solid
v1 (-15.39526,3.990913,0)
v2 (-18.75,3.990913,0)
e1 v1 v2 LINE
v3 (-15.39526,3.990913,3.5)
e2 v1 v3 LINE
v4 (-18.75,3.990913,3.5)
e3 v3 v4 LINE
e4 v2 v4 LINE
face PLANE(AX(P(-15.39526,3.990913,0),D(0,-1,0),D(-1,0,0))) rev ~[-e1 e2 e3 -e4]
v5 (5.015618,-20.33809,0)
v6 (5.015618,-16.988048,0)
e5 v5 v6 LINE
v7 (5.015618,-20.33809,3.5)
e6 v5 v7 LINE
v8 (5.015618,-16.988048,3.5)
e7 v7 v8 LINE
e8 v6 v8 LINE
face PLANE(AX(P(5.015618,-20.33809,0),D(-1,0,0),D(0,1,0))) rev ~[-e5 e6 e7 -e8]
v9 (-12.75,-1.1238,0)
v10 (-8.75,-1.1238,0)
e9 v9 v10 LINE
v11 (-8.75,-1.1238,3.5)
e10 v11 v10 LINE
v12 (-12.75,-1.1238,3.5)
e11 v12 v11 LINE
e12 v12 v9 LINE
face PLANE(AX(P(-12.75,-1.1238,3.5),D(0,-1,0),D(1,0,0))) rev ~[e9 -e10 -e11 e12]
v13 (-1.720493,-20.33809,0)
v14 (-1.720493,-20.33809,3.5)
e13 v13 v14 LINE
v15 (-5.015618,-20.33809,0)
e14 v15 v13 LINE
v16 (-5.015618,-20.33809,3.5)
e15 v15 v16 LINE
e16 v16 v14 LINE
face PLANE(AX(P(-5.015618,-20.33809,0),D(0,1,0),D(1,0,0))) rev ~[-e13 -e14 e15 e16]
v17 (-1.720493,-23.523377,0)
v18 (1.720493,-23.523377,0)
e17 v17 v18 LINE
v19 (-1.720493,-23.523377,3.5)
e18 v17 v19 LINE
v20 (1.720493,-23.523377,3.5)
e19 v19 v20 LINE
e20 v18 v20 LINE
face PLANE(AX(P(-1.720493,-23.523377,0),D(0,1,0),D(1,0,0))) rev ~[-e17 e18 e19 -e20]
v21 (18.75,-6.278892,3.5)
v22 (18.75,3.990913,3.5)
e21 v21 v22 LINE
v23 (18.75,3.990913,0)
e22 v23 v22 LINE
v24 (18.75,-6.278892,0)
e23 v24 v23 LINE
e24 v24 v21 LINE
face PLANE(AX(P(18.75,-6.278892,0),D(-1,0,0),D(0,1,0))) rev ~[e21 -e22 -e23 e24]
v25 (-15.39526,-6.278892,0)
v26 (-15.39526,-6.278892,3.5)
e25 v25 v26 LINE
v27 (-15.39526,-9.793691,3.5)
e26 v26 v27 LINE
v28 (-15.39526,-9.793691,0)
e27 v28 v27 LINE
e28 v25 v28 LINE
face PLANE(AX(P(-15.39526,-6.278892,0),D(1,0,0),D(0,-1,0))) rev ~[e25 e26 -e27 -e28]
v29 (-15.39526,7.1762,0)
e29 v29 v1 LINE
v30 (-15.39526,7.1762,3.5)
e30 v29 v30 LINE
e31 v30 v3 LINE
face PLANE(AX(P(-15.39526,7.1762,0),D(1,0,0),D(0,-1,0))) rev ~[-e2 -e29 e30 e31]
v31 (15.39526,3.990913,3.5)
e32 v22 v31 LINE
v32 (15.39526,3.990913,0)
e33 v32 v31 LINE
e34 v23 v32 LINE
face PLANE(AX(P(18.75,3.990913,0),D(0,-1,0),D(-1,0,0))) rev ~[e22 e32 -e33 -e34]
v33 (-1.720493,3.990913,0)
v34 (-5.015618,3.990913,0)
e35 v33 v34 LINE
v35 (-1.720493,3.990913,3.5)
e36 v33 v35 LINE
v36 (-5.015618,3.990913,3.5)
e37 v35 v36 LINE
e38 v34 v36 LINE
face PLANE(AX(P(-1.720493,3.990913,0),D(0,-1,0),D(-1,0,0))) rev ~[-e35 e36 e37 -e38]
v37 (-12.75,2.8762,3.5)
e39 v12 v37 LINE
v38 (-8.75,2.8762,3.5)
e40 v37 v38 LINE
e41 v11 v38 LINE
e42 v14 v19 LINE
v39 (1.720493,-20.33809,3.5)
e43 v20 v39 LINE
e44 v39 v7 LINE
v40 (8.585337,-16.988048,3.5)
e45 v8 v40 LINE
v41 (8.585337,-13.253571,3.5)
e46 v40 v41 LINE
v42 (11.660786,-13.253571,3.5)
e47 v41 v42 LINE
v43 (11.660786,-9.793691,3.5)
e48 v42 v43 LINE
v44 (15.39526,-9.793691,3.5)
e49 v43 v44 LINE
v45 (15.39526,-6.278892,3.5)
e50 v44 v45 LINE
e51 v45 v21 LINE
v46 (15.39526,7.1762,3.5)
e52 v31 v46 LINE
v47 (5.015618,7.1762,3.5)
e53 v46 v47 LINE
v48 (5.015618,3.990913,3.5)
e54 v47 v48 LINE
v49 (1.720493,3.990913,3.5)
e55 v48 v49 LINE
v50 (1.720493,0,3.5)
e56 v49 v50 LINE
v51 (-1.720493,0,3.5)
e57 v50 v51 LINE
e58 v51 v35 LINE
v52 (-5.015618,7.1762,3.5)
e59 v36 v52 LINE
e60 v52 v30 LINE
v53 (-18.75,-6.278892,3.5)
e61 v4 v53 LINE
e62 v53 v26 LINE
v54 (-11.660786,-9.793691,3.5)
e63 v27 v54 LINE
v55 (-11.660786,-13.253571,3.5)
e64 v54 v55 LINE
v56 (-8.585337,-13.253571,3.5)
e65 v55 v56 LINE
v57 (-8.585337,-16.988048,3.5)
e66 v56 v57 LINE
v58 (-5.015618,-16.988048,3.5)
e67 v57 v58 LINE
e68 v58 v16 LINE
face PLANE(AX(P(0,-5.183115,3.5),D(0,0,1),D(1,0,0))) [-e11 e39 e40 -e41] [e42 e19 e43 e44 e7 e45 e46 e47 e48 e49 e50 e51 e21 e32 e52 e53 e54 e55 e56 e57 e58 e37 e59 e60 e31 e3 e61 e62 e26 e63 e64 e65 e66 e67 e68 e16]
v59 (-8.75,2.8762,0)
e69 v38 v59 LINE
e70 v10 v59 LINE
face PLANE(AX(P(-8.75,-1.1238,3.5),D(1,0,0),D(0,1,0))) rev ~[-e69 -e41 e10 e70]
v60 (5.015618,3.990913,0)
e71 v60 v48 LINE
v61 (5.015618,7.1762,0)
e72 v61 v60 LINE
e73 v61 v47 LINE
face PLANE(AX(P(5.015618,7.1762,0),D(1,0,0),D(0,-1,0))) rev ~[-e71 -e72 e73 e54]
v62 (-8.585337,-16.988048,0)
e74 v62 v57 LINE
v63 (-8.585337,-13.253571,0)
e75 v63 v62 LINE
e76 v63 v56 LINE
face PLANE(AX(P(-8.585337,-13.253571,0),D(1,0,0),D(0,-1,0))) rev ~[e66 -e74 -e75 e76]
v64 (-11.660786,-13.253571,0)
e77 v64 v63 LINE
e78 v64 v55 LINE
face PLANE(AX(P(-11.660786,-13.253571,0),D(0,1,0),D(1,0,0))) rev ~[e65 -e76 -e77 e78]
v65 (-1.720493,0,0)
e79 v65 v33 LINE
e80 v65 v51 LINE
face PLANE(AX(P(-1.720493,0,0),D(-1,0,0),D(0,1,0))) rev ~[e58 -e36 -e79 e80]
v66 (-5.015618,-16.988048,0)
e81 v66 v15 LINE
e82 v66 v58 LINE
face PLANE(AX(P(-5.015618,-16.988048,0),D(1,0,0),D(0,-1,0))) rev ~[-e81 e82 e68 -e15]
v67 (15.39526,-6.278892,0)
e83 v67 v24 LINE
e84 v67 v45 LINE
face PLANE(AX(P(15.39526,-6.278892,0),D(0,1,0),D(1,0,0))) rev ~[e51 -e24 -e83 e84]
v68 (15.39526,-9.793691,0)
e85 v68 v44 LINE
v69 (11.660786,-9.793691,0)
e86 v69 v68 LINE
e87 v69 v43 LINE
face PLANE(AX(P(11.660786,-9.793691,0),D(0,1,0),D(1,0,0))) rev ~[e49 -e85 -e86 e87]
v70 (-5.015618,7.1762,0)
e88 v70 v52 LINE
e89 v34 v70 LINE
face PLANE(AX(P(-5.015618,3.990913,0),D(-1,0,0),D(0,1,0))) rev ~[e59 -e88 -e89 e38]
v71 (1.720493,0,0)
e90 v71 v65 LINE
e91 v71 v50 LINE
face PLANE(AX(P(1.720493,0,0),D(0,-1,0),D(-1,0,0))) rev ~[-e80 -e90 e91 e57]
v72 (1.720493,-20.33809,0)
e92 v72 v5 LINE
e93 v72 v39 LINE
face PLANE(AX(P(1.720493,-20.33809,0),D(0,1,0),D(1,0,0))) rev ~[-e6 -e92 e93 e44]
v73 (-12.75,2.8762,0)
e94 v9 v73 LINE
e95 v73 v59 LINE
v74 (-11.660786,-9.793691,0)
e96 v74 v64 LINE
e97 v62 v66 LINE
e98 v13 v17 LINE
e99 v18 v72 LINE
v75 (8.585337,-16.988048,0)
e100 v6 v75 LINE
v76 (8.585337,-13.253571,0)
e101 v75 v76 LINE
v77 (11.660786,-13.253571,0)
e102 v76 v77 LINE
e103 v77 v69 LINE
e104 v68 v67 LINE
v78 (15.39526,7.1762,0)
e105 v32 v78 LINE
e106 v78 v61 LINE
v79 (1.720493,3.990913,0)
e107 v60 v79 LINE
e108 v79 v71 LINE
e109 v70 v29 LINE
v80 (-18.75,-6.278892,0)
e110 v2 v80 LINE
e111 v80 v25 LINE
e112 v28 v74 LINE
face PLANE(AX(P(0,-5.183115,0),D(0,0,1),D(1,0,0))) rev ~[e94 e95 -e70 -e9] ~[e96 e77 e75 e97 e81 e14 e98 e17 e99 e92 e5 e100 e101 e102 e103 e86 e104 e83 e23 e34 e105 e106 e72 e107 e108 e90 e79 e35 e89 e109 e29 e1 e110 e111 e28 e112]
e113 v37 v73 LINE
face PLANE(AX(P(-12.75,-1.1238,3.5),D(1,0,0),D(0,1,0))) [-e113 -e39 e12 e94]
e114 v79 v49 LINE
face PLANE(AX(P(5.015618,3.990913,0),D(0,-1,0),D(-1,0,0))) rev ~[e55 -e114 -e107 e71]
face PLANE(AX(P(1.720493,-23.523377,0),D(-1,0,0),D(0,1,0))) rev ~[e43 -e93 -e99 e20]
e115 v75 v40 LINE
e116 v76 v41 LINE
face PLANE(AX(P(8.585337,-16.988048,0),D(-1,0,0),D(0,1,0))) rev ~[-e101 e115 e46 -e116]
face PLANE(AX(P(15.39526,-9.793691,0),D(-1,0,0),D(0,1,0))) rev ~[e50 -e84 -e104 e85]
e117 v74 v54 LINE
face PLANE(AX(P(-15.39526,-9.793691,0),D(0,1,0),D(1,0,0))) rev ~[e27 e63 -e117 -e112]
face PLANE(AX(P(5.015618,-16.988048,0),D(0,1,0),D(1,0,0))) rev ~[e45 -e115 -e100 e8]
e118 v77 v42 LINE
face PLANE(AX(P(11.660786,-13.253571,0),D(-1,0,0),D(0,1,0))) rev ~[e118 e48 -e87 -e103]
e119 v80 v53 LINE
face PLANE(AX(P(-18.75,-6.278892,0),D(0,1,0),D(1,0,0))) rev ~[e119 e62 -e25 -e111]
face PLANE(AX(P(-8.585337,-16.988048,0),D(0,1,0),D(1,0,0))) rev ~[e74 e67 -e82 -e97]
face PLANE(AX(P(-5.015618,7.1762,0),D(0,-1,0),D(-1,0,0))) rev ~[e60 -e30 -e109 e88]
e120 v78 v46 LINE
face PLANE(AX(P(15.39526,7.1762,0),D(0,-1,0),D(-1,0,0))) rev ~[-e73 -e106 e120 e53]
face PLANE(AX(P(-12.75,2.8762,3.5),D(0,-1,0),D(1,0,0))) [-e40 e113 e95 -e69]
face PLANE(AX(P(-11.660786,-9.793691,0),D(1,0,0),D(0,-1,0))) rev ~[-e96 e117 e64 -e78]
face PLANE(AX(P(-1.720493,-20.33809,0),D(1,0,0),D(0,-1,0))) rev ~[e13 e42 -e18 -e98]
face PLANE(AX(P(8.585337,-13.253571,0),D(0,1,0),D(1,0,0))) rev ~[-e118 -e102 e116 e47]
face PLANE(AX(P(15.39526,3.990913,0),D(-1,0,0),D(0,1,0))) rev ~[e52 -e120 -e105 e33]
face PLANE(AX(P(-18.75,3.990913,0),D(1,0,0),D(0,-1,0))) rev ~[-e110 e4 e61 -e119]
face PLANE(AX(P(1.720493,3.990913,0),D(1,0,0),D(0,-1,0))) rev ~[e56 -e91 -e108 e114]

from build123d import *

# Parameters (mm, degrees)
F2_DEPTH = 3.5
F3_W     = 4
F3_H     = 4
F4_DEPTH = 3.501


with BuildPart() as f2:
    # F1 (on Top) → F2 (new body)
    with BuildSketch(Plane.XY):
        Polygon((-18.75, 3.990913), (-18.75, 0), (-18.75, -6.278892), (-15.39526, -6.278892), (-15.39526, -9.793691), (-11.660786, -9.793691), (-11.660786, -13.253571), (-8.585337, -13.253571), (-8.585337, -16.988048), (-5.015618, -16.988048), (-5.015618, -20.33809), (-1.720493, -20.33809), (-1.720493, -23.523377), (0, -23.523377), (1.720493, -23.523377), (1.720493, -20.33809), (5.015618, -20.33809), (5.015618, -16.988048), (8.585337, -16.988048), (8.585337, -13.253571), (11.660786, -13.253571), (11.660786, -9.793691), (15.39526, -9.793691), (15.39526, -6.278892), (18.75, -6.278892), (18.75, 0), (18.75, 3.990913), (15.39526, 3.990913), (15.39526, 7.1762), (5.015618, 7.1762), (5.015618, 3.990913), (1.720493, 3.990913), (1.720493, 0), (0, 0), (-1.720493, 0), (-1.720493, 3.990913), (-5.015618, 3.990913), (-5.015618, 7.1762), (-15.39526, 7.1762), (-15.39526, 3.990913), align=None)
    extrude(amount=F2_DEPTH)

    # F3 (on face) → F4 (cut, through all)
    with BuildSketch(Plane.XY.offset(3.5)):
        with Locations((-10.75, 0.8762)):
            Rectangle(F3_W, F3_H)
    extrude(amount=-F4_DEPTH, mode=Mode.SUBTRACT)


solid = f2.part
